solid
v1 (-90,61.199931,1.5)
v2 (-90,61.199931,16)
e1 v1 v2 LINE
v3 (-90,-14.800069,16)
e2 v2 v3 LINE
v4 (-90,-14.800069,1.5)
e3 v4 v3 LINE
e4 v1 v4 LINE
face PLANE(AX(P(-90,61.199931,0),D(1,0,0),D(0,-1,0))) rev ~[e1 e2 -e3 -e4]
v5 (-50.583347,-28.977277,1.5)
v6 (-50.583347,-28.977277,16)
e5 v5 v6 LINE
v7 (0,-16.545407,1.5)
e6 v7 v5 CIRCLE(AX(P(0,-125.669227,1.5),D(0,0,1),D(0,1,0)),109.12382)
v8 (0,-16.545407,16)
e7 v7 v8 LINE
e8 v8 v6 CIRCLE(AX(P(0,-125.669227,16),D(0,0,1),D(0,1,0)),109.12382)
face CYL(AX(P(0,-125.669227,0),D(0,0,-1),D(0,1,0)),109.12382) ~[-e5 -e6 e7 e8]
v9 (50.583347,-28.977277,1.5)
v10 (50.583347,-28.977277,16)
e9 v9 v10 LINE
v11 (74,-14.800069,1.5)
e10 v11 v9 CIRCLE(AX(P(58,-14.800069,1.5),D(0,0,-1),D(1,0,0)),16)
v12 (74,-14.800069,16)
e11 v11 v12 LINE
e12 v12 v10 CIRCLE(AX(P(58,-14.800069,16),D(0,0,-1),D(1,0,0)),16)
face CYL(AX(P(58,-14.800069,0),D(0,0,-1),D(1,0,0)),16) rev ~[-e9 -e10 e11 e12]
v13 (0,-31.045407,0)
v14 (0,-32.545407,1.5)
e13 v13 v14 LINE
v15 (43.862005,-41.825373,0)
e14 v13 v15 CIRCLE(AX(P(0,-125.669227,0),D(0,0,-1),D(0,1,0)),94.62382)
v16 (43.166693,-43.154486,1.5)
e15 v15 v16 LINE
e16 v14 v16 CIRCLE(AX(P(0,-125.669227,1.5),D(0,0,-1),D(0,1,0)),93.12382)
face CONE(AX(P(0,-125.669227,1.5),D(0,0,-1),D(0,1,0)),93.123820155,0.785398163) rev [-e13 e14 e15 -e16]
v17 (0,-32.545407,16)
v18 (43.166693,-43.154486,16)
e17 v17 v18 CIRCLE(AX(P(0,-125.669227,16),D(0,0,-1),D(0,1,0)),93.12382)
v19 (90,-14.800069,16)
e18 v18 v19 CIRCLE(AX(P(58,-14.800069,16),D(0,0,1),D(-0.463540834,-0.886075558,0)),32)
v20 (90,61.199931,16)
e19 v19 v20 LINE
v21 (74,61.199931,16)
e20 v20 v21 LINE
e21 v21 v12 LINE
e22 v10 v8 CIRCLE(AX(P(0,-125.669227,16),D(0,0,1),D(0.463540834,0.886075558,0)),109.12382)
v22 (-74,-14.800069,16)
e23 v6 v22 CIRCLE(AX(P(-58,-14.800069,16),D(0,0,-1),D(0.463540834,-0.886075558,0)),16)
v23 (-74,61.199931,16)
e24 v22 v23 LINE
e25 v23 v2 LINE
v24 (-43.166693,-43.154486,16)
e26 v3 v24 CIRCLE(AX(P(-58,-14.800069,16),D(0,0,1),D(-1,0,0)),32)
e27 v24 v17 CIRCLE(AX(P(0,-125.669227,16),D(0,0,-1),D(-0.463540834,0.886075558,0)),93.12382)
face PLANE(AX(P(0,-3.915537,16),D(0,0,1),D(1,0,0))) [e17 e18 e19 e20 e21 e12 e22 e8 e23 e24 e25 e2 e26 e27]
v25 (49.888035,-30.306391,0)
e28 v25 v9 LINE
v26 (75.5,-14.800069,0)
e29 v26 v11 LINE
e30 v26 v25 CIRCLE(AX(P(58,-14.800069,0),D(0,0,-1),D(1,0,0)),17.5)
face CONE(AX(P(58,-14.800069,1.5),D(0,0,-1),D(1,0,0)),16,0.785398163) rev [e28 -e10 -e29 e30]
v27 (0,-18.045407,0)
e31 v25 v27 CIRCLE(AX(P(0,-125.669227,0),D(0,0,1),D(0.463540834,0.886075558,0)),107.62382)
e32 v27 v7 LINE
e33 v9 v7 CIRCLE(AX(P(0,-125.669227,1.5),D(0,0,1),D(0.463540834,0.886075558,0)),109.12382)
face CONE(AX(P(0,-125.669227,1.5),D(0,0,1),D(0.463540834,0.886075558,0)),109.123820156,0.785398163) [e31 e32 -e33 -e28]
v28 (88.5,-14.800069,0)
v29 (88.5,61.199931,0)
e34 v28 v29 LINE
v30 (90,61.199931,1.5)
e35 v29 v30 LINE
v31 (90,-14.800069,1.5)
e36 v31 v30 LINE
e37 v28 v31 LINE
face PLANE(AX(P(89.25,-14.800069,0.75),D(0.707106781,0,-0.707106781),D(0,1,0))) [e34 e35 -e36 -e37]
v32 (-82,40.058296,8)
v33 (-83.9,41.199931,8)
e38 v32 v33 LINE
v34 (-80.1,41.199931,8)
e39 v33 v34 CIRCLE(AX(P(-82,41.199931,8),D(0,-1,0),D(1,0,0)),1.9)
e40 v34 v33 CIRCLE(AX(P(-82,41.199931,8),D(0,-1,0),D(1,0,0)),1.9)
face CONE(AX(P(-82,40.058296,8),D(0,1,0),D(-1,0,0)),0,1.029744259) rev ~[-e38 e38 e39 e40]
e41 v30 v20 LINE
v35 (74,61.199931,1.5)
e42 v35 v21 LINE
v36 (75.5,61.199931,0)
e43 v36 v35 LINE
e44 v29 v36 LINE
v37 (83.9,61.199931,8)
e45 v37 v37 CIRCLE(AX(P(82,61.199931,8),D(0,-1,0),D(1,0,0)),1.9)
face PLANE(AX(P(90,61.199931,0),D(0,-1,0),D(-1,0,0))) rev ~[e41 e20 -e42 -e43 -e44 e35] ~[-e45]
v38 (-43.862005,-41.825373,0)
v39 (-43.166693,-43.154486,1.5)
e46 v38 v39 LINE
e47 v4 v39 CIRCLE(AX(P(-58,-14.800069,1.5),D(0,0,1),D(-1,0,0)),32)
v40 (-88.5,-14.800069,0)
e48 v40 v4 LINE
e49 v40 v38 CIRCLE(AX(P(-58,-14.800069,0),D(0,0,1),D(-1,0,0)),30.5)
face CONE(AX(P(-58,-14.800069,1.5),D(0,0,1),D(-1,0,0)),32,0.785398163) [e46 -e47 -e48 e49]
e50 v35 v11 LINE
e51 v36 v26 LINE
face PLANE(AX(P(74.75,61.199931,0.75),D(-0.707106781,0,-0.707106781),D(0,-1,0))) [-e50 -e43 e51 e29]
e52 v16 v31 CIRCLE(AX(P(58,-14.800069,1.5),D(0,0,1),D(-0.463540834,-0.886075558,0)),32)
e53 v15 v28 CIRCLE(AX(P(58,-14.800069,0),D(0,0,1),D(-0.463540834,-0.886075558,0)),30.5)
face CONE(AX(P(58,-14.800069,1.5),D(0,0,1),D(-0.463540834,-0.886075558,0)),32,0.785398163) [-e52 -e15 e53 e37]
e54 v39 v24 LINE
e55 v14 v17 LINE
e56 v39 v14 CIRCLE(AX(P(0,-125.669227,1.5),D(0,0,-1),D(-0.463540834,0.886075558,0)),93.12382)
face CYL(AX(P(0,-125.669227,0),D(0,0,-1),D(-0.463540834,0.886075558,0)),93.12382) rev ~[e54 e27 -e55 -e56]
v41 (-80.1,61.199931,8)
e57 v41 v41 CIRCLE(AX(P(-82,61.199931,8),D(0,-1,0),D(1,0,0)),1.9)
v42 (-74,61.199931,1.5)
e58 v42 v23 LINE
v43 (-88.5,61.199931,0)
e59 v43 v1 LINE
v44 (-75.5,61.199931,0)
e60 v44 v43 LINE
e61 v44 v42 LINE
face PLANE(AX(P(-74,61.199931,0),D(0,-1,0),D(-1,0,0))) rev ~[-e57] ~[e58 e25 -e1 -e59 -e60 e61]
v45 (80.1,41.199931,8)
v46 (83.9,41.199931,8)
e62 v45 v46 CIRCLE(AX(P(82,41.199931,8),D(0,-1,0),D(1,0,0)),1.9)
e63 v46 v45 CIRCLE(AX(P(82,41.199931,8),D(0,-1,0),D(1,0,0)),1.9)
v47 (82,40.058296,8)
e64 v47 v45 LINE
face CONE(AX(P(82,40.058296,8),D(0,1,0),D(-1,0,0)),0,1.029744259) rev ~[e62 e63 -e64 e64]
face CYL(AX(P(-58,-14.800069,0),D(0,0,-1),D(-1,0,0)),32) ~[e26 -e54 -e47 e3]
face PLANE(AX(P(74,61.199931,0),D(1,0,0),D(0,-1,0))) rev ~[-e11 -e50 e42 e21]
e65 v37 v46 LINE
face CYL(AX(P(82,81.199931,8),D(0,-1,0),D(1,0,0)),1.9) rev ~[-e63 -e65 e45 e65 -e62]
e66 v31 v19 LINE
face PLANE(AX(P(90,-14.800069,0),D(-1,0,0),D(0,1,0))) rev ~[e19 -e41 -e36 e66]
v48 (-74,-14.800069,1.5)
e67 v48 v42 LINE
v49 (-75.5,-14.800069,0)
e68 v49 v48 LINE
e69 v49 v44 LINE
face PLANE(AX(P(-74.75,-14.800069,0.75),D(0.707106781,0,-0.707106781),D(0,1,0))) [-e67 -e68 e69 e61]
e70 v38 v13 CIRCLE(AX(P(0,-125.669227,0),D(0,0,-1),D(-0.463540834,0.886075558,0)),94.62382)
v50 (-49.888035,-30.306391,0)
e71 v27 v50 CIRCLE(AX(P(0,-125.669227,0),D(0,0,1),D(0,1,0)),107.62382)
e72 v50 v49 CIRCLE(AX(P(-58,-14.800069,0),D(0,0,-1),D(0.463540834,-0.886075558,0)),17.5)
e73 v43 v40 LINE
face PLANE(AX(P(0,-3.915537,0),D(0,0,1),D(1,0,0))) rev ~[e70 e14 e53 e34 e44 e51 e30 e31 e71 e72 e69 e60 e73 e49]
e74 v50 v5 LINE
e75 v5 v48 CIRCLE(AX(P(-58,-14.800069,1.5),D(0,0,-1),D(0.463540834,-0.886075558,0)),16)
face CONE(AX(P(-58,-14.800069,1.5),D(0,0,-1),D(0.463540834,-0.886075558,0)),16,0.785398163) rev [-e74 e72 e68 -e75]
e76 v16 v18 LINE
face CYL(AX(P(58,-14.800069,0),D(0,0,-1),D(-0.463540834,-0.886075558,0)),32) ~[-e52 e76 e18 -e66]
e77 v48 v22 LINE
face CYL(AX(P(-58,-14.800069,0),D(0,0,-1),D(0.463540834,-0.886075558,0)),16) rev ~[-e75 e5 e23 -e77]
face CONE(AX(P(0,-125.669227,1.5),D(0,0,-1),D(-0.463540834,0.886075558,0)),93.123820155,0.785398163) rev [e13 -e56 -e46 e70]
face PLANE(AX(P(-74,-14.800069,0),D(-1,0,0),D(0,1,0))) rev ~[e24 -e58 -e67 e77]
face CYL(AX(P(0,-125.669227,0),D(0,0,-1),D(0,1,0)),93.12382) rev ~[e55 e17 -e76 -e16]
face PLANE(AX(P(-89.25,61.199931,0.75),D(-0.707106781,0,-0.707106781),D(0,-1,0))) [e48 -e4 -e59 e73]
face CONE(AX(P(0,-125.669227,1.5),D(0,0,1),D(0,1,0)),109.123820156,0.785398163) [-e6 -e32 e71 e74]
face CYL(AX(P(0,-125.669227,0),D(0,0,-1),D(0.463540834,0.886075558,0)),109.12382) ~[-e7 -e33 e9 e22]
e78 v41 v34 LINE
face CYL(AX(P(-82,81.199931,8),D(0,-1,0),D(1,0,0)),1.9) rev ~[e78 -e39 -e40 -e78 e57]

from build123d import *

# Parameters (mm, degrees)
F1_DEPTH = 16
F3_D     = 3.8
F3_DEPTH = 20
F3_TIP   = 1.1416351762
F4_SIZE  = 1.5


with BuildPart() as f1:
    # F0 (on Top) → F1 (new body)
    with BuildSketch(Plane.XY):
        with BuildLine():
            Line((-74, -14.8000685584), (-74, 61.1999314416))
            Line((-74, 61.1999314416), (-90, 61.1999314416))
            Line((-90, 61.1999314416), (-90, -14.8000685584))
            ThreePointArc((-90, -14.8000685584), (-74.5730833817, -42.1740143321), (-43.1666932985, -43.1544864205))
            ThreePointArc((-43.1666932985, -43.1544864205), (-22.2256381935, -35.236562411), (0, -32.5454071904))
            ThreePointArc((0, -32.5454071904), (22.2256381935, -35.236562411), (43.1666932985, -43.1544864205))
            ThreePointArc((43.1666932985, -43.1544864205), (74.5730833817, -42.1740143321), (90, -14.8000685584))
            Line((90, -14.8000685584), (90, 61.1999314416))
            Line((90, 61.1999314416), (74, 61.1999314416))
            Line((74, 61.1999314416), (74, -14.8000685584))
            ThreePointArc((74, -14.8000685584), (66.2865416908, -28.4870414452), (50.5833466493, -28.9772774894))
            ThreePointArc((50.5833466493, -28.9772774894), (26.0443197136, -19.6989412466), (0, -16.5454071904))
            ThreePointArc((0, -16.5454071904), (-26.0443197136, -19.6989412466), (-50.5833466493, -28.9772774894))
            ThreePointArc((-50.5833466493, -28.9772774894), (-66.2865416908, -28.4870414452), (-74, -14.8000685584))
        make_face()
    extrude(amount=F1_DEPTH)

    # F3
    with Locations(Plane(origin=(0, 61.1999314416, 0), x_dir=(-1, 0, 0), z_dir=(0, 1, 0))):
        with Locations((82, 8), (-82, 8)):
            Hole(F3_D / 2, depth=F3_DEPTH)
            with Locations((0, 0, -(F3_DEPTH + F3_TIP / 2))):  # 118° drill point
                Cone(0, F3_D / 2, F3_TIP, mode=Mode.SUBTRACT)

    # F4
    f4_edges = [f1.edges().sort_by_distance(p)[0] for p in [
        (74.573083, -42.174014, 0),
        (66.286542, -28.487041, 0),
    ]]
    chamfer(f4_edges, length=F4_SIZE)


solid = f1.part
